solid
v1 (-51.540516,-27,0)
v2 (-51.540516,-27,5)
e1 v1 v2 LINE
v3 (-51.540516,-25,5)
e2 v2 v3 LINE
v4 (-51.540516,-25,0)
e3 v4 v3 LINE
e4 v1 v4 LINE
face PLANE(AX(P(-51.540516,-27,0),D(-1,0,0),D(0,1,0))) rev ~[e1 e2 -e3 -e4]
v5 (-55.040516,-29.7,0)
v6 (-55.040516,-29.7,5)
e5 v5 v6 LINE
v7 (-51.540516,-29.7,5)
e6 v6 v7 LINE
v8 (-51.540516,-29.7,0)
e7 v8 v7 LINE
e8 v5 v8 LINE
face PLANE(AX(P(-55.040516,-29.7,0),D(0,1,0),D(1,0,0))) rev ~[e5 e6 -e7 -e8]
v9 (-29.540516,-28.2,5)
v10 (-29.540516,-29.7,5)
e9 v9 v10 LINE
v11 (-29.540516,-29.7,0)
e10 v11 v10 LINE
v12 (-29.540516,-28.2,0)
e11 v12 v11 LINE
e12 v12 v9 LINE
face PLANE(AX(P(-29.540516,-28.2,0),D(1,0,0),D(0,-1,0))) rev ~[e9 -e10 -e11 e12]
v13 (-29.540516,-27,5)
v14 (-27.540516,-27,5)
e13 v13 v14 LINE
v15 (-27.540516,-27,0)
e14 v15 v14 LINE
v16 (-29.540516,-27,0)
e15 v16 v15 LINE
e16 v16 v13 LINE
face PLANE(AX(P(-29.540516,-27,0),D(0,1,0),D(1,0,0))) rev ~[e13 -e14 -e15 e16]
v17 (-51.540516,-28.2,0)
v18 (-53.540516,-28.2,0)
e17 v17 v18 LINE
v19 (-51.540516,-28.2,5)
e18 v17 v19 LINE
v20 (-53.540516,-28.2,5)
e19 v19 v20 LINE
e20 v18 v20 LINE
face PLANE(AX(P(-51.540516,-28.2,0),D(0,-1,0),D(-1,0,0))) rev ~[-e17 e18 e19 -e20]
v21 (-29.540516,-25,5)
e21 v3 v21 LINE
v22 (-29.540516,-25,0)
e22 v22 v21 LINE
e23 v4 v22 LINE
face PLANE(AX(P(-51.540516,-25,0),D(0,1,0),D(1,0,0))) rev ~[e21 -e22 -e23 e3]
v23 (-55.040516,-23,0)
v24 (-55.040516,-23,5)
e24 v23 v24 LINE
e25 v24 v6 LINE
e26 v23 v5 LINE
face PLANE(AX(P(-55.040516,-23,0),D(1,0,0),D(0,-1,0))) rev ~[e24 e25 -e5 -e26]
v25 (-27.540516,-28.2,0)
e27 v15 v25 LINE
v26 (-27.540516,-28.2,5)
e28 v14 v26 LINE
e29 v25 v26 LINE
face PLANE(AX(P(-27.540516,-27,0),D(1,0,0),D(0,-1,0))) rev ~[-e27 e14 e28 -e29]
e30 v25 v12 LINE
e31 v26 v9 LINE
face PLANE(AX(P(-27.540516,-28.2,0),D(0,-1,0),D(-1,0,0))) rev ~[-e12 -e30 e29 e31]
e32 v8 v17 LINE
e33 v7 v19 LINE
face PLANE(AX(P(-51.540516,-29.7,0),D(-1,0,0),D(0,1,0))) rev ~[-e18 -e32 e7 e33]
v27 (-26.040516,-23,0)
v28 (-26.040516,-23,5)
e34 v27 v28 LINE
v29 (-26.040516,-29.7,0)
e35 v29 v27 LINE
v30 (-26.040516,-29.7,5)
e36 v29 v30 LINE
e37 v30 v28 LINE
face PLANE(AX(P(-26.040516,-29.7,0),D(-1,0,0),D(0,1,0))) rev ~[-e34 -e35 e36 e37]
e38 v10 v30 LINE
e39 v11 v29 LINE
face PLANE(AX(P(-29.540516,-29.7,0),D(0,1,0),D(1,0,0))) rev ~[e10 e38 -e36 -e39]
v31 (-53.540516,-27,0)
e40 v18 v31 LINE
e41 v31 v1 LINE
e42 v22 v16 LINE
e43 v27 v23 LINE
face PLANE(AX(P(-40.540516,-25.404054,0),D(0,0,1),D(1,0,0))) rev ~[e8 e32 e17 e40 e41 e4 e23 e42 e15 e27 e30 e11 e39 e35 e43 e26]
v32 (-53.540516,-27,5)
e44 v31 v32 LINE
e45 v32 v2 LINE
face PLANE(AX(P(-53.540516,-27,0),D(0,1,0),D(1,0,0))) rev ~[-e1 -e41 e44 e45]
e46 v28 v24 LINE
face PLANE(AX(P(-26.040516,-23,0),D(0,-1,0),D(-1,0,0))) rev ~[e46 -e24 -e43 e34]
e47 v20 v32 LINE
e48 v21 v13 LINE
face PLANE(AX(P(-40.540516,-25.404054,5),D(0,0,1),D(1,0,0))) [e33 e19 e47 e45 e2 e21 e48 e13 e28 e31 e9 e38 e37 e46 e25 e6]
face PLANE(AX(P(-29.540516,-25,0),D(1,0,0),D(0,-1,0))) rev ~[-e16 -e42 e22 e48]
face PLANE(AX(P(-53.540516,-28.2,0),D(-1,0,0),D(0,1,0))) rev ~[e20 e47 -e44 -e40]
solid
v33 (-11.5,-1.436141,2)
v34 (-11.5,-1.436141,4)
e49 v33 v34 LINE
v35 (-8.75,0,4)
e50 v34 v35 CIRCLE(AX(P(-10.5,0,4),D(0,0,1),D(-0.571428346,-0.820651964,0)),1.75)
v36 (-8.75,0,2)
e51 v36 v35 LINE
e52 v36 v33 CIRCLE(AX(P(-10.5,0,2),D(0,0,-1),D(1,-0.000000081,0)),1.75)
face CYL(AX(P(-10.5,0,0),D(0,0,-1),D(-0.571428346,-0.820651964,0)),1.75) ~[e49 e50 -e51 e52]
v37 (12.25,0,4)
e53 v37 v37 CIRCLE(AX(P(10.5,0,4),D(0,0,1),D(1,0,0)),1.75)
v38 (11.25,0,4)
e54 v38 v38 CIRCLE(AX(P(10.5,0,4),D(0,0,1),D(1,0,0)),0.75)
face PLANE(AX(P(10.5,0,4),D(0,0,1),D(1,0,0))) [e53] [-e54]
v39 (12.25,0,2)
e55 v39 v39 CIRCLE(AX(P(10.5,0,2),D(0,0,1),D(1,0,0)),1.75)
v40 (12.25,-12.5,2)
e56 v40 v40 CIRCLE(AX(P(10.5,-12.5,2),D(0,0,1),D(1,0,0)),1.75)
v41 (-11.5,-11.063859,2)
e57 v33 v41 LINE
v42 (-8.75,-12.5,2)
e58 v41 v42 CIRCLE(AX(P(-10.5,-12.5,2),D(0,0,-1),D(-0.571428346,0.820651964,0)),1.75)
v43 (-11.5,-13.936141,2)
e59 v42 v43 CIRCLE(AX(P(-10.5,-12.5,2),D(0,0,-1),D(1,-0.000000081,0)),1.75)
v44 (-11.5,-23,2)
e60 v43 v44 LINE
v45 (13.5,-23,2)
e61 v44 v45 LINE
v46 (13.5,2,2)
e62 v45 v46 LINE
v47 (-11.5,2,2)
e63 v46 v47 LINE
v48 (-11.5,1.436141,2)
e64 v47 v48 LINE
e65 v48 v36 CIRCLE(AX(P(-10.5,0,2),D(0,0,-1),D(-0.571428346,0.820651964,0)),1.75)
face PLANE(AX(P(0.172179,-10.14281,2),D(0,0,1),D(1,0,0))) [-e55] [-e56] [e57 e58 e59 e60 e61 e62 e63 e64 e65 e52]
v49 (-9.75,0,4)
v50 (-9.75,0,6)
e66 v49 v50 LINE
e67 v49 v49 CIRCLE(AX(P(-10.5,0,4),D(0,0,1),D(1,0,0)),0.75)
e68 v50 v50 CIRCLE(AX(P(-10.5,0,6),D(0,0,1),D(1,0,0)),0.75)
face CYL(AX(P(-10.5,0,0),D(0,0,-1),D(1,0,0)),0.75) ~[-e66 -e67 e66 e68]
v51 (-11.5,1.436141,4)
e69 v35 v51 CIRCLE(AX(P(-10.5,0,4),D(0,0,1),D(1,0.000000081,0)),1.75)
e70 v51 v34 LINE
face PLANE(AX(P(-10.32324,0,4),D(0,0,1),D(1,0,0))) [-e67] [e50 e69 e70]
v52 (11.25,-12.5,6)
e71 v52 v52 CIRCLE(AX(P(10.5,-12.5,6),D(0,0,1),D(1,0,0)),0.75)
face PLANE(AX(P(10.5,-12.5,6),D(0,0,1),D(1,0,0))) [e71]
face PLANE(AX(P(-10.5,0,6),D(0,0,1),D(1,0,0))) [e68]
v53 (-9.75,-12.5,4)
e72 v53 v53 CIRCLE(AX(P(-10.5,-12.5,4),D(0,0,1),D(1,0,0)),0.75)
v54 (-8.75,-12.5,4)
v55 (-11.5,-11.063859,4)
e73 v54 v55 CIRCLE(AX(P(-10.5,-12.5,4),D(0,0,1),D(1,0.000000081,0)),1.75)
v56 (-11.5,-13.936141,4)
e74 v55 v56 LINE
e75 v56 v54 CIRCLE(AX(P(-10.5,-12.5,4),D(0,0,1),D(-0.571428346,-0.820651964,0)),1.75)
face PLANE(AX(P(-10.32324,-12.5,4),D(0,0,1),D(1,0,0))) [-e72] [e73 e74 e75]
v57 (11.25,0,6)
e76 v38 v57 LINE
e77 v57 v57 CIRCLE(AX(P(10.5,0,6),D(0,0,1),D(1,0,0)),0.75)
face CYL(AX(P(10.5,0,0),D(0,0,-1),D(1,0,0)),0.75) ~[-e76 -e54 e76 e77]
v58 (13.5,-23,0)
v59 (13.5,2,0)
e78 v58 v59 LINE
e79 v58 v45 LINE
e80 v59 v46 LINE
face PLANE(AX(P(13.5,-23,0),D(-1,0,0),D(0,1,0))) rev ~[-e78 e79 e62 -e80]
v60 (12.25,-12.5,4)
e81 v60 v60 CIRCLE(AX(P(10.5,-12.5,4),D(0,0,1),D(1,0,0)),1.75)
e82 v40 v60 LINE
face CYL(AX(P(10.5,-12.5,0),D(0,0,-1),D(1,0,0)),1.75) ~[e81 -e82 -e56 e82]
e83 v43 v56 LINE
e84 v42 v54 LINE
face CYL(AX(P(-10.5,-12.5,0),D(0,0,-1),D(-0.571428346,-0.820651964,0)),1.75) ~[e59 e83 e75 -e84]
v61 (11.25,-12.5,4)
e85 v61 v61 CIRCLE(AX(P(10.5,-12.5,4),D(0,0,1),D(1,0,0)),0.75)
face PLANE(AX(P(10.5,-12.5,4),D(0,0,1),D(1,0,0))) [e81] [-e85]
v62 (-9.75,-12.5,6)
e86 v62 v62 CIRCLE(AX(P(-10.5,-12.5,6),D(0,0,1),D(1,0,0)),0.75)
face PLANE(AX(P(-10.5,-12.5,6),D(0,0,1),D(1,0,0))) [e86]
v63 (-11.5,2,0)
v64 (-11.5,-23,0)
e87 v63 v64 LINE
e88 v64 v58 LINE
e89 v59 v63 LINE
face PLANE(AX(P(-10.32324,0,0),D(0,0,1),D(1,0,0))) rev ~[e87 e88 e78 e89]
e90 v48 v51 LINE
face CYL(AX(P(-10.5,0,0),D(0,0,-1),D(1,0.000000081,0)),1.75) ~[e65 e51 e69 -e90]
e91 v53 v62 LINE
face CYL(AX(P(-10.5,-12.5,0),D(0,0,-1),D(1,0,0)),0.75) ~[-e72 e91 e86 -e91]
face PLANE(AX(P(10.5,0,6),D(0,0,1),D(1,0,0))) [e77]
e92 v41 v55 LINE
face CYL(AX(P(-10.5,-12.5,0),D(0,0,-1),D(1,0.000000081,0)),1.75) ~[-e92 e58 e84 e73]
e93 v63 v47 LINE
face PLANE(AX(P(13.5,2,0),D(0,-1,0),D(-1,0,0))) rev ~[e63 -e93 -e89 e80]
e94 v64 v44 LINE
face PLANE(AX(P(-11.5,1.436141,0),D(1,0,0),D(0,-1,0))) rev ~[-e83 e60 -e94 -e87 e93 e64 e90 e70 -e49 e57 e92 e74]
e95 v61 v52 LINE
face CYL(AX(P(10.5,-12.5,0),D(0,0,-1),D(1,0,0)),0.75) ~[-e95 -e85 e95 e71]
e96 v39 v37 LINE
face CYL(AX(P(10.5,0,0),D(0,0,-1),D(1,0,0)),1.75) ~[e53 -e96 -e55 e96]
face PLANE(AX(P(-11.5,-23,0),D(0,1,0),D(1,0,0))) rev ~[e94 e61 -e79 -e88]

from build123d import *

# Parameters (mm, degrees)
F0_R     = 1.75
F1_DEPTH = 2
F0_R_2   = 0.75
F2_DEPTH = 4
F3_DEPTH = 6
F4_DEPTH = 5


with BuildPart() as f1:
    # F0 (on Top) → F1 (new body)
    with BuildSketch(Plane.XY):
        with BuildLine():
            Line((13.5, 2), (-11.5, 2))
            Line((-11.5, 2), (-11.5, 1.436141))
            ThreePointArc((-11.5, 1.436141), (-9.689907, 1.551209), (-8.75, 0))
            ThreePointArc((-8.75, 0), (-9.689907, -1.551209), (-11.5, -1.436141))
            Line((-11.5, -1.436141), (-11.5, -11.063859))
            ThreePointArc((-11.5, -11.063859), (-9.689907, -10.948791), (-8.75, -12.5))
            ThreePointArc((-8.75, -12.5), (-9.689907, -14.051209), (-11.5, -13.936141))
            Line((-11.5, -13.936141), (-11.5, -23))
            Line((-11.5, -23), (13.5, -23))
            Line((13.5, -23), (13.5, 2))
        make_face()
        with Locations((10.5, -12.5)):
            Circle(F0_R, mode=Mode.SUBTRACT)
        with Locations((10.5, 0)):
            Circle(F0_R, mode=Mode.SUBTRACT)
    extrude(amount=F1_DEPTH)

    # F0 (on Top) → F2 (join)
    with BuildSketch(Plane.XY):
        with BuildLine():
            ThreePointArc((-8.75, 0), (-9.689907, 1.551209), (-11.5, 1.436141))
            Line((-11.5, 1.436141), (-11.5, -1.436141))
            ThreePointArc((-11.5, -1.436141), (-9.689907, -1.551209), (-8.75, 0))
        make_face()
        with Locations((-10.5, 0)):
            Circle(F0_R_2, mode=Mode.SUBTRACT)
        with Locations((10.5, 0)):
            Circle(F0_R)
        with Locations((10.5, 0)):
            Circle(F0_R_2, mode=Mode.SUBTRACT)
        with Locations((10.5, -12.5)):
            Circle(F0_R)
        with Locations((10.5, -12.5)):
            Circle(F0_R_2, mode=Mode.SUBTRACT)
        with BuildLine():
            ThreePointArc((-8.75, -12.5), (-9.689907, -10.948791), (-11.5, -11.063859))
            Line((-11.5, -11.063859), (-11.5, -13.936141))
            ThreePointArc((-11.5, -13.936141), (-9.689907, -14.051209), (-8.75, -12.5))
        make_face()
        with Locations((-10.5, -12.5)):
            Circle(F0_R_2, mode=Mode.SUBTRACT)
    extrude(amount=F2_DEPTH)

    # F0 (on Top) → F3 (join)
    with BuildSketch(Plane.XY):
        with Locations((-10.5, 0)):
            Circle(F0_R_2)
        with Locations((10.5, 0)):
            Circle(F0_R_2)
        with Locations((10.5, -12.5)):
            Circle(F0_R_2)
        with Locations((-10.5, -12.5)):
            Circle(F0_R_2)
    extrude(amount=F3_DEPTH)


with BuildPart() as f4:
    # F0 (on Top) → F4 (new body)
    with BuildSketch(Plane.XY):
        Polygon((-26.040516, -23), (-40.540516, -23), (-55.040516, -23), (-55.040516, -29.7), (-51.540516, -29.7), (-51.540516, -28.2), (-53.540516, -28.2), (-53.540516, -27), (-51.540516, -27), (-51.540516, -25), (-40.540516, -25), (-29.540516, -25), (-29.540516, -27), (-27.540516, -27), (-27.540516, -28.2), (-29.540516, -28.2), (-29.540516, -29.7), (-26.040516, -29.7), align=None)
    extrude(amount=F4_DEPTH)


solid = Compound([f1.part, f4.part])
